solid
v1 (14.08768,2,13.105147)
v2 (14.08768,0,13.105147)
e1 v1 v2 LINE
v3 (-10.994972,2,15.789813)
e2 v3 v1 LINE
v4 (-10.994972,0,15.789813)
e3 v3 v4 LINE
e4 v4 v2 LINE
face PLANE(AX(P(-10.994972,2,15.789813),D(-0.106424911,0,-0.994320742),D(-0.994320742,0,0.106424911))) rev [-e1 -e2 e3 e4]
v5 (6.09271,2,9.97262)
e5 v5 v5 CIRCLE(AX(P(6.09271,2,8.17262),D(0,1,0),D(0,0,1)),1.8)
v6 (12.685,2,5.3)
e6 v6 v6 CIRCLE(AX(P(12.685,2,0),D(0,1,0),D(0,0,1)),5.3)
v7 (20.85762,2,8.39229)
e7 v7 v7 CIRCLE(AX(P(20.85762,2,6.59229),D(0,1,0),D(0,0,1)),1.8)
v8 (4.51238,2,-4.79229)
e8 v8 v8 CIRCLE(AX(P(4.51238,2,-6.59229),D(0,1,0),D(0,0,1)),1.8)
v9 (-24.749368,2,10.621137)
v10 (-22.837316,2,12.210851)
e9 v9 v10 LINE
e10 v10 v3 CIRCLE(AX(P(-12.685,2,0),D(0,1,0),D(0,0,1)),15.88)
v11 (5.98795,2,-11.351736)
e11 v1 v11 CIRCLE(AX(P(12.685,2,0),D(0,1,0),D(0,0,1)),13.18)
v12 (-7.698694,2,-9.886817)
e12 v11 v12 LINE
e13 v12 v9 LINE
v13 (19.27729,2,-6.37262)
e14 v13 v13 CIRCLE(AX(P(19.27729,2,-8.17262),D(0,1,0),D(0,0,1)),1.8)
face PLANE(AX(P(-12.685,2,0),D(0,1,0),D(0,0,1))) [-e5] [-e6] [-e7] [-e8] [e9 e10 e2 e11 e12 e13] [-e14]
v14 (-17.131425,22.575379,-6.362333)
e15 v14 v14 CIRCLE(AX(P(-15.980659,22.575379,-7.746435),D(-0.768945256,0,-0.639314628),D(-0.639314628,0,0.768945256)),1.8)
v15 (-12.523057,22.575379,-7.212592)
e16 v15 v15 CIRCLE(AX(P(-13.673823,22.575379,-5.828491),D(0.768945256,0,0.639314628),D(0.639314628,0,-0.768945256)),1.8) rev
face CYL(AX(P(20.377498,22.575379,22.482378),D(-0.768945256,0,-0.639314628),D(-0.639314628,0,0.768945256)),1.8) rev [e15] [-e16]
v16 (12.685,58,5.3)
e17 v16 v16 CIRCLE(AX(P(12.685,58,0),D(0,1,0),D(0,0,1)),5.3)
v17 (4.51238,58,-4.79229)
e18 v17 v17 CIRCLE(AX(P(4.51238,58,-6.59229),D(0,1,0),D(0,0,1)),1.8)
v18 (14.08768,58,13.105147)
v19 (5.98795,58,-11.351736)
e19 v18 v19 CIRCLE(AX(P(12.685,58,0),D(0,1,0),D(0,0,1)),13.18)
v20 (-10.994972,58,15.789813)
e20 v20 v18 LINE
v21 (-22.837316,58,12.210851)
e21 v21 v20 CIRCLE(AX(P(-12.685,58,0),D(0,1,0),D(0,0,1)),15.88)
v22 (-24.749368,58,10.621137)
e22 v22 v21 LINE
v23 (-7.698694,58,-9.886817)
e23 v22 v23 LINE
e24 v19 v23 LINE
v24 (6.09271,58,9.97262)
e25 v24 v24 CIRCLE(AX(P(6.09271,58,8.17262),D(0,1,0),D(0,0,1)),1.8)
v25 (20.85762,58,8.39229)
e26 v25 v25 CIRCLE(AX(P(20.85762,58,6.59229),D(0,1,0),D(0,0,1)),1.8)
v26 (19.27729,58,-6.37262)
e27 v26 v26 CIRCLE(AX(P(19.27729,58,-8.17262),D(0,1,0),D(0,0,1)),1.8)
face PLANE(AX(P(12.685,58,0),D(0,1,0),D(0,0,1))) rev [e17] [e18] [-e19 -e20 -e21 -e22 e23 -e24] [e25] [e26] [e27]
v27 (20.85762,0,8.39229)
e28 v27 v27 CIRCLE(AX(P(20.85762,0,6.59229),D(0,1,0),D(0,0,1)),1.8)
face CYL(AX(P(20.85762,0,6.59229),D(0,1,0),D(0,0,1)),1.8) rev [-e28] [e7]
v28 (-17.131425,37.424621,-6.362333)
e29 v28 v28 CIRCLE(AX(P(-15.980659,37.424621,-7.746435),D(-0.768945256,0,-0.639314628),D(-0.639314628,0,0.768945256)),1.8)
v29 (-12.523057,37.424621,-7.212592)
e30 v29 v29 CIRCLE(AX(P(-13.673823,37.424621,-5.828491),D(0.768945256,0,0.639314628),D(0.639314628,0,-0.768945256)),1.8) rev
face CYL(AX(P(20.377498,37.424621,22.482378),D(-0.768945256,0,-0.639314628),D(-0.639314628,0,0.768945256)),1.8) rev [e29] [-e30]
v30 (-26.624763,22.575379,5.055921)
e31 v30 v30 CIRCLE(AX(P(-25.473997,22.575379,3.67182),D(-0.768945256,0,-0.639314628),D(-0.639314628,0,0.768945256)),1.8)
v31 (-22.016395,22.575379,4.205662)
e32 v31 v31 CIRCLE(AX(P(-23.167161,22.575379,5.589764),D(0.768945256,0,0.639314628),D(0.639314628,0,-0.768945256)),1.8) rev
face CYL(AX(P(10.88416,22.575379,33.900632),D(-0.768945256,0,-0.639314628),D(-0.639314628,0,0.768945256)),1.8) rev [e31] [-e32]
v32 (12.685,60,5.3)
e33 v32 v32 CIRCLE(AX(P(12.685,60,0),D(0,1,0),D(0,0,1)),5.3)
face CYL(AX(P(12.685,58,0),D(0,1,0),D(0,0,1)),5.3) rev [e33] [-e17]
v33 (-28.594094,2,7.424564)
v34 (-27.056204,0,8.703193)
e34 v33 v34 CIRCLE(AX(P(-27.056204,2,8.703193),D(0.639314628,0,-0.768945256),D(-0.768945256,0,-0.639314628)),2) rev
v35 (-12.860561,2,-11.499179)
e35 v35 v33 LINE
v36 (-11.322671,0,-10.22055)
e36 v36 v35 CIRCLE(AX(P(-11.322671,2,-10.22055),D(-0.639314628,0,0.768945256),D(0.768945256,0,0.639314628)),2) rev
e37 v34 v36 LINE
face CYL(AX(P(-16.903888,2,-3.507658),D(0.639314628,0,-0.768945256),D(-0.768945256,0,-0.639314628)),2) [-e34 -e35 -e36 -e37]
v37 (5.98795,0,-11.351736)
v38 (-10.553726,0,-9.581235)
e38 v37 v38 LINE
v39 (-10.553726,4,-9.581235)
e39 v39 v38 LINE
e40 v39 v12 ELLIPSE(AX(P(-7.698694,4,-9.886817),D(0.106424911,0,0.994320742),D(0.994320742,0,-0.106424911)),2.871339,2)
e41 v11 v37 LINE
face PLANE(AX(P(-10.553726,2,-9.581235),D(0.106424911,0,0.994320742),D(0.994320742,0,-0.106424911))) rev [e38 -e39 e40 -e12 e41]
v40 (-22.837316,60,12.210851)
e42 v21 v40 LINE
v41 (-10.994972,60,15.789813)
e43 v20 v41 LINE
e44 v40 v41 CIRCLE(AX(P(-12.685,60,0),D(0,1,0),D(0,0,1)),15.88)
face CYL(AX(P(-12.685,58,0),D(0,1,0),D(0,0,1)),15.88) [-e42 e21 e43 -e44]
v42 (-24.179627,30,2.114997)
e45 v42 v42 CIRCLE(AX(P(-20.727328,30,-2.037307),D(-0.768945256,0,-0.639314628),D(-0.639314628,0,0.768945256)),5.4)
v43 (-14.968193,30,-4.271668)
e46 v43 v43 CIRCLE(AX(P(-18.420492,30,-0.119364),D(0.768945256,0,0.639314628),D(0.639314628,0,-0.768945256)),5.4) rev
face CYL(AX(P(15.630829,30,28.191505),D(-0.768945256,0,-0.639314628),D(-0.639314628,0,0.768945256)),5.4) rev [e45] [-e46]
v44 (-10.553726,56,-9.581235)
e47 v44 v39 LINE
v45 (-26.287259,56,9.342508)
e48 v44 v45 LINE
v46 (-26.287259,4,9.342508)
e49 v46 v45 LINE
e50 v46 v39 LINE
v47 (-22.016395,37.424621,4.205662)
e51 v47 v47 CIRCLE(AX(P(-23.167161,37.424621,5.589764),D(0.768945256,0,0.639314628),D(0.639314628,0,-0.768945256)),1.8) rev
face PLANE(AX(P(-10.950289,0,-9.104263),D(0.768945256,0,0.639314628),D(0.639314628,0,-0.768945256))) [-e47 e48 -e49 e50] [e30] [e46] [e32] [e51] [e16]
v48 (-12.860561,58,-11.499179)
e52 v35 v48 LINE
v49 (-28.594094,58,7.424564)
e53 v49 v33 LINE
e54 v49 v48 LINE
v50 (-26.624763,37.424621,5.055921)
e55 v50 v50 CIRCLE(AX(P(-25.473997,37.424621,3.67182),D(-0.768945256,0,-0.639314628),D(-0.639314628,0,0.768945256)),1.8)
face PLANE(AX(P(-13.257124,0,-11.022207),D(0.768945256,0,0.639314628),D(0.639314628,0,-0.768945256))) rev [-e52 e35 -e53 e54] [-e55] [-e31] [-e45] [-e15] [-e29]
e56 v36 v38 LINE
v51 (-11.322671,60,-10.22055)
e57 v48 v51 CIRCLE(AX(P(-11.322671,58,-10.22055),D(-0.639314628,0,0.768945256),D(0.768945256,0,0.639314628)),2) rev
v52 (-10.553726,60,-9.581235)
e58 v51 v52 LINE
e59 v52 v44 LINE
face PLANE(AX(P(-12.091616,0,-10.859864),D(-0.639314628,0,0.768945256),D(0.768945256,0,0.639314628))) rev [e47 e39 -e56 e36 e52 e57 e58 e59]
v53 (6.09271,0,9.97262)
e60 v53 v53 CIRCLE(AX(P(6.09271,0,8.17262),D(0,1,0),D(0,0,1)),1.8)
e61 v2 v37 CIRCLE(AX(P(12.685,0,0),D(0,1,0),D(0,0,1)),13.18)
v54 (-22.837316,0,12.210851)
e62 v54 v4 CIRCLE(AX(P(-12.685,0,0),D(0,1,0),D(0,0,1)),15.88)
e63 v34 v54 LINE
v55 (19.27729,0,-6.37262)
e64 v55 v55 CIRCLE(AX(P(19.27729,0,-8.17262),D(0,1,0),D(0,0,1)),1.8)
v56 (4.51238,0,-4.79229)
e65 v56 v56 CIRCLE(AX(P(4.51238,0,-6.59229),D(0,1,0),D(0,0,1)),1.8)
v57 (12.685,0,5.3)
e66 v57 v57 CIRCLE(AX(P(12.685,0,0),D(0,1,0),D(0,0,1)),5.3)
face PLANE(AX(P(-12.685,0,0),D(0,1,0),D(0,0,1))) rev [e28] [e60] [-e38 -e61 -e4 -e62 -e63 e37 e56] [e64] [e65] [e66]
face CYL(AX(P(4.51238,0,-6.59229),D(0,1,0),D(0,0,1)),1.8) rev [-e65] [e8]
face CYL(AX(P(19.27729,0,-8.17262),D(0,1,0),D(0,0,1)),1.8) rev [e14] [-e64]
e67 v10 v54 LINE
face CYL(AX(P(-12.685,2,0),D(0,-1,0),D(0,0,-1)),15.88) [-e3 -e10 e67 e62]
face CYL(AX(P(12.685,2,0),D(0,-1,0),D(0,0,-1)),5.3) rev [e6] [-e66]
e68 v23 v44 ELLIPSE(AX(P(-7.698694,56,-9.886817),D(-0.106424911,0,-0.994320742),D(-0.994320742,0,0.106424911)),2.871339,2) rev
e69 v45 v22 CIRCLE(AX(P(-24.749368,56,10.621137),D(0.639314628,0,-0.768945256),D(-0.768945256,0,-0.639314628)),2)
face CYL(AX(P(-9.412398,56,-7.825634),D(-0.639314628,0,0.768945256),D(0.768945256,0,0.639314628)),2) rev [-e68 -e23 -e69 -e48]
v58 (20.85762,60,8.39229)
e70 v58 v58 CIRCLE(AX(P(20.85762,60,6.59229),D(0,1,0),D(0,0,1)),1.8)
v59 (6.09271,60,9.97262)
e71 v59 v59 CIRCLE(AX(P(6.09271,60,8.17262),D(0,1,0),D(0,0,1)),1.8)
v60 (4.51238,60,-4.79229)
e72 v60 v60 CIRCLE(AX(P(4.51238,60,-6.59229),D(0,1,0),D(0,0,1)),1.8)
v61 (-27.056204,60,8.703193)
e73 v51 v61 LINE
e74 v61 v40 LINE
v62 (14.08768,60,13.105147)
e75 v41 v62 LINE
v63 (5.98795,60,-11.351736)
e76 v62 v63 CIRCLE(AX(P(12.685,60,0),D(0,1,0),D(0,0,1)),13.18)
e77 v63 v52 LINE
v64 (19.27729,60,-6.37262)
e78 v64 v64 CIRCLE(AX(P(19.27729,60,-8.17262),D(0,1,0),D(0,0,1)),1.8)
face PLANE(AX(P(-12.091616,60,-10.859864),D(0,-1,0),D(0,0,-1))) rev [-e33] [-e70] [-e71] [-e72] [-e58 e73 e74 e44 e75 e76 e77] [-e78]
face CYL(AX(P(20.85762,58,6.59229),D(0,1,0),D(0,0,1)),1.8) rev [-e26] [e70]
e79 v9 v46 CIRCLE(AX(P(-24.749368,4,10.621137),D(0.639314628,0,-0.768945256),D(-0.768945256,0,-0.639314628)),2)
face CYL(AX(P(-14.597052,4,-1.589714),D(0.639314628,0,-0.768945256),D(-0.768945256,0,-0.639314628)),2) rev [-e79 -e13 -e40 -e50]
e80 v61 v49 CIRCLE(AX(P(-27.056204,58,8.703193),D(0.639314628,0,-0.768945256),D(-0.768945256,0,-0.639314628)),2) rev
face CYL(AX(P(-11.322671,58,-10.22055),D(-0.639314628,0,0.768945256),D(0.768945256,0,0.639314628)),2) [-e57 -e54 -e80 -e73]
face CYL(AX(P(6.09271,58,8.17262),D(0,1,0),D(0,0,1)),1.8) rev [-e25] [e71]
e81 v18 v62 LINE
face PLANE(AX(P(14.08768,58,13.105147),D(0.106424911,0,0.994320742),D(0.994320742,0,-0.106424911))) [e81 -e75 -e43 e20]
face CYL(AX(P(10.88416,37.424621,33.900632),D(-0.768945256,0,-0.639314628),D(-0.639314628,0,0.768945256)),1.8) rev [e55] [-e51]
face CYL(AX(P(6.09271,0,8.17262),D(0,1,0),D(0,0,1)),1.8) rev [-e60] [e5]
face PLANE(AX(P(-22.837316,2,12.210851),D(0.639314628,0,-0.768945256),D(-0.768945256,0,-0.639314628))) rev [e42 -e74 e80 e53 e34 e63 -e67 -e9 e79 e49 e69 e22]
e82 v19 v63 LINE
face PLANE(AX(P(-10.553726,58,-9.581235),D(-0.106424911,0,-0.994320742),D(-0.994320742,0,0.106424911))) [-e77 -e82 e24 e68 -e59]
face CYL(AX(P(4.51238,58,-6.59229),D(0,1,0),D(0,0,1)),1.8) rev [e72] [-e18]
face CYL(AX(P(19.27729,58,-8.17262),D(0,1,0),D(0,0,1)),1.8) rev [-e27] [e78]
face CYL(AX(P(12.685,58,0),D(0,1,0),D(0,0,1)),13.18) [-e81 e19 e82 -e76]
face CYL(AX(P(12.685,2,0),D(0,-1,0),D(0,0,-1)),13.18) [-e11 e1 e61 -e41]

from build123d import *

# Parameters (mm, degrees)
CROQUIS1_R              = 5.3
SALIENTE_EXTRUIR1_DEPTH = 2
CROQUIS2_R              = 1.8
CORTAR_EXTRUIR1_DEPTH   = 2
CROQUIS3_W              = 24.61
CROQUIS3_H              = 60
SALIENTE_EXTRUIR2_DEPTH = 2
CROQUIS4_R              = 5.3
CROQUIS4_R_2            = 1.8
SALIENTE_EXTRUIR3_DEPTH = 2
CORTAR_EXTRUIR2_REACH   = 48.282
CROQUIS5_R              = 5.4
CROQUIS5_R_2            = 1.8
CROQUIS6_W              = 24.61
CROQUIS6_H              = 60
SALIENTE_EXTRUIR4_DEPTH = 1
CORTAR_EXTRUIR3_REACH   = 49.282
CROQUIS7_R              = 5.4
CROQUIS7_R_2            = 1.8
REDONDEO1_R             = 2


with BuildPart() as part:
    # Croquis1 → Saliente-Extruir1 (new body)
    with BuildSketch(Plane(origin=(0, 0, 0), x_dir=(1, 0, 0), z_dir=(0, 1, 0))):
        with BuildLine():
            Line((-10.994972408, -15.789813385), (14.087680331, -13.105147381))
            ThreePointArc((14.087680331, -13.105147381), (25.196689721, 4.143672323), (5.987949996, 11.351736486))
            Line((5.987949996, 11.351736486), (-10.55372573, 9.581234979))
            Line((-10.55372573, 9.581234979), (-26.287258722, -9.342507769))
            Line((-26.287258722, -9.342507769), (-22.837316291, -12.210850664))
            ThreePointArc((-22.837316291, -12.210850664), (-17.278998917, -15.200972796), (-10.994972408, -15.789813385))
        make_face()
        with Locations((12.685, 0)):
            Circle(CROQUIS1_R, mode=Mode.SUBTRACT)
    extrude(amount=SALIENTE_EXTRUIR1_DEPTH)

    # Croquis2 → Cortar-Extruir1 (cut)
    with BuildSketch(Plane(origin=(0, 2, 0), x_dir=(1, 0, 0), z_dir=(0, 1, 0))):
        with Locations((6.092709789, -8.172619517)):
            Circle(CROQUIS2_R)
        with Locations((20.857619517, -6.592290211)):
            Circle(CROQUIS2_R)
        with Locations((19.277290211, 8.172619517)):
            Circle(CROQUIS2_R)
        with Locations((4.512380483, 6.592290211)):
            Circle(CROQUIS2_R)
    extrude(amount=-CORTAR_EXTRUIR1_DEPTH, mode=Mode.SUBTRACT)

    # Croquis3 → Saliente-Extruir2 (add)
    with BuildSketch(Plane(origin=(-10.950288723, 0, -9.104262893), x_dir=(-0.639314628, 0, 0.768945256), z_dir=(-0.768945256, 0, -0.639314628))):
        with Locations((11.684706055, 30)):
            Rectangle(CROQUIS3_W, CROQUIS3_H)
    extrude(amount=SALIENTE_EXTRUIR2_DEPTH)

    # Croquis4 → Saliente-Extruir3 (add)
    with BuildSketch(Plane(origin=(0, 60, 0), x_dir=(1, 0, 0), z_dir=(0, 1, 0))):
        with BuildLine():
            Line((14.087680331, -13.105147381), (-10.994972408, -15.789813385))
            ThreePointArc((-10.994972408, -15.789813385), (-17.278998917, -15.200972796), (-22.837316291, -12.210850664))
            Line((-22.837316291, -12.210850664), (-26.287258722, -9.342507769))
            Line((-26.287258722, -9.342507769), (-10.55372573, 9.581234979))
            Line((-10.55372573, 9.581234979), (5.987949996, 11.351736486))
            ThreePointArc((5.987949996, 11.351736486), (25.196689721, 4.143672323), (14.087680331, -13.105147381))
        make_face()
        with Locations((12.685, 0)):
            Circle(CROQUIS4_R, mode=Mode.SUBTRACT)
        with Locations((4.512380483, 6.592290211)):
            Circle(CROQUIS4_R_2, mode=Mode.SUBTRACT)
        with Locations((19.277290211, 8.172619517)):
            Circle(CROQUIS4_R_2, mode=Mode.SUBTRACT)
        with Locations((20.857619517, -6.592290211)):
            Circle(CROQUIS4_R_2, mode=Mode.SUBTRACT)
        with Locations((6.092709789, -8.172619517)):
            Circle(CROQUIS4_R_2, mode=Mode.SUBTRACT)
    extrude(amount=-SALIENTE_EXTRUIR3_DEPTH)

    # Croquis5 → Cortar-Extruir2 (cut, up to next)
    with BuildSketch(Plane(origin=(-12.488179234, 0, -10.382892148), x_dir=(-0.639314628, 0, 0.768945256), z_dir=(-0.768945256, 0, -0.639314628)), mode=Mode.PRIVATE) as cortar_extruir2_sk1:
        with Locations((11.684706055, 30)):
            Circle(CROQUIS5_R)
    cortar_extruir2_tool1 = extrude(cortar_extruir2_sk1.sketch, amount=-CORTAR_EXTRUIR2_REACH, mode=Mode.PRIVATE) & part.part
    add(cortar_extruir2_tool1.solids().sort_by_distance((-19.958383, 30, -1.397993))[0], mode=Mode.SUBTRACT)
    # Croquis5 → Cortar-Extruir2 (cut, up to next)
    with BuildSketch(Plane(origin=(-12.488179234, 0, -10.382892148), x_dir=(-0.639314628, 0, 0.768945256), z_dir=(-0.768945256, 0, -0.639314628)), mode=Mode.PRIVATE) as cortar_extruir2_sk2:
        with Locations((19.109327257, 37.424621202)):
            Circle(CROQUIS5_R_2)
    cortar_extruir2_tool2 = extrude(cortar_extruir2_sk2.sketch, amount=-CORTAR_EXTRUIR2_REACH, mode=Mode.PRIVATE) & part.part
    add(cortar_extruir2_tool2.solids().sort_by_distance((-24.705052, 37.424621, 4.311134))[0], mode=Mode.SUBTRACT)
    # Croquis5 → Cortar-Extruir2 (cut, up to next)
    with BuildSketch(Plane(origin=(-12.488179234, 0, -10.382892148), x_dir=(-0.639314628, 0, 0.768945256), z_dir=(-0.768945256, 0, -0.639314628)), mode=Mode.PRIVATE) as cortar_extruir2_sk3:
        with Locations((19.109327257, 22.575378798)):
            Circle(CROQUIS5_R_2)
    cortar_extruir2_tool3 = extrude(cortar_extruir2_sk3.sketch, amount=-CORTAR_EXTRUIR2_REACH, mode=Mode.PRIVATE) & part.part
    add(cortar_extruir2_tool3.solids().sort_by_distance((-24.705052, 22.575379, 4.311134))[0], mode=Mode.SUBTRACT)
    # Croquis5 → Cortar-Extruir2 (cut, up to next)
    with BuildSketch(Plane(origin=(-12.488179234, 0, -10.382892148), x_dir=(-0.639314628, 0, 0.768945256), z_dir=(-0.768945256, 0, -0.639314628)), mode=Mode.PRIVATE) as cortar_extruir2_sk4:
        with Locations((4.260084852, 22.575378798)):
            Circle(CROQUIS5_R_2)
    cortar_extruir2_tool4 = extrude(cortar_extruir2_sk4.sketch, amount=-CORTAR_EXTRUIR2_REACH, mode=Mode.PRIVATE) & part.part
    add(cortar_extruir2_tool4.solids().sort_by_distance((-15.211714, 22.575379, -7.10712))[0], mode=Mode.SUBTRACT)
    # Croquis5 → Cortar-Extruir2 (cut, up to next)
    with BuildSketch(Plane(origin=(-12.488179234, 0, -10.382892148), x_dir=(-0.639314628, 0, 0.768945256), z_dir=(-0.768945256, 0, -0.639314628)), mode=Mode.PRIVATE) as cortar_extruir2_sk5:
        with Locations((4.260084852, 37.424621202)):
            Circle(CROQUIS5_R_2)
    cortar_extruir2_tool5 = extrude(cortar_extruir2_sk5.sketch, amount=-CORTAR_EXTRUIR2_REACH, mode=Mode.PRIVATE) & part.part
    add(cortar_extruir2_tool5.solids().sort_by_distance((-15.211714, 37.424621, -7.10712))[0], mode=Mode.SUBTRACT)

    # Croquis6 → Saliente-Extruir4 (add)
    with BuildSketch(Plane(origin=(-12.488179234, 0, -10.382892148), x_dir=(0.639314628, 0, -0.768945256), z_dir=(0.768945256, 0, 0.639314628))):
        with Locations((-11.684706055, 30)):
            Rectangle(CROQUIS6_W, CROQUIS6_H)
    extrude(amount=-SALIENTE_EXTRUIR4_DEPTH)

    # Croquis7 → Cortar-Extruir3 (cut, up to next)
    with BuildSketch(Plane(origin=(-13.25712449, 0, -11.022206776), x_dir=(-0.639314628, 0, 0.768945256), z_dir=(-0.768945256, 0, -0.639314628)), mode=Mode.PRIVATE) as cortar_extruir3_sk1:
        with Locations((11.684706055, 30)):
            Circle(CROQUIS7_R)
    cortar_extruir3_tool1 = extrude(cortar_extruir3_sk1.sketch, amount=-CORTAR_EXTRUIR3_REACH, mode=Mode.PRIVATE) & part.part
    add(cortar_extruir3_tool1.solids().sort_by_distance((-20.727328, 30, -2.037307))[0], mode=Mode.SUBTRACT)
    # Croquis7 → Cortar-Extruir3 (cut, up to next)
    with BuildSketch(Plane(origin=(-13.25712449, 0, -11.022206776), x_dir=(-0.639314628, 0, 0.768945256), z_dir=(-0.768945256, 0, -0.639314628)), mode=Mode.PRIVATE) as cortar_extruir3_sk2:
        with Locations((4.260084852, 37.424621202)):
            Circle(CROQUIS7_R_2)
    cortar_extruir3_tool2 = extrude(cortar_extruir3_sk2.sketch, amount=-CORTAR_EXTRUIR3_REACH, mode=Mode.PRIVATE) & part.part
    add(cortar_extruir3_tool2.solids().sort_by_distance((-15.980659, 37.424621, -7.746435))[0], mode=Mode.SUBTRACT)
    # Croquis7 → Cortar-Extruir3 (cut, up to next)
    with BuildSketch(Plane(origin=(-13.25712449, 0, -11.022206776), x_dir=(-0.639314628, 0, 0.768945256), z_dir=(-0.768945256, 0, -0.639314628)), mode=Mode.PRIVATE) as cortar_extruir3_sk3:
        with Locations((19.109327257, 37.424621202)):
            Circle(CROQUIS7_R_2)
    cortar_extruir3_tool3 = extrude(cortar_extruir3_sk3.sketch, amount=-CORTAR_EXTRUIR3_REACH, mode=Mode.PRIVATE) & part.part
    add(cortar_extruir3_tool3.solids().sort_by_distance((-25.473997, 37.424621, 3.67182))[0], mode=Mode.SUBTRACT)
    # Croquis7 → Cortar-Extruir3 (cut, up to next)
    with BuildSketch(Plane(origin=(-13.25712449, 0, -11.022206776), x_dir=(-0.639314628, 0, 0.768945256), z_dir=(-0.768945256, 0, -0.639314628)), mode=Mode.PRIVATE) as cortar_extruir3_sk4:
        with Locations((19.109327257, 22.575378798)):
            Circle(CROQUIS7_R_2)
    cortar_extruir3_tool4 = extrude(cortar_extruir3_sk4.sketch, amount=-CORTAR_EXTRUIR3_REACH, mode=Mode.PRIVATE) & part.part
    add(cortar_extruir3_tool4.solids().sort_by_distance((-25.473997, 22.575379, 3.67182))[0], mode=Mode.SUBTRACT)
    # Croquis7 → Cortar-Extruir3 (cut, up to next)
    with BuildSketch(Plane(origin=(-13.25712449, 0, -11.022206776), x_dir=(-0.639314628, 0, 0.768945256), z_dir=(-0.768945256, 0, -0.639314628)), mode=Mode.PRIVATE) as cortar_extruir3_sk5:
        with Locations((4.260084852, 22.575378798)):
            Circle(CROQUIS7_R_2)
    cortar_extruir3_tool5 = extrude(cortar_extruir3_sk5.sketch, amount=-CORTAR_EXTRUIR3_REACH, mode=Mode.PRIVATE) & part.part
    add(cortar_extruir3_tool5.solids().sort_by_distance((-15.980659, 22.575379, -7.746435))[0], mode=Mode.SUBTRACT)

    # Redondeo1
    redondeo1_edges = [part.edges().sort_by_distance(p)[0] for p in [
        (-20.727327994, 60, -2.037307489),
        (-18.420492226, 2, -0.119363605),
        (-18.420492226, 58, -0.119363605),
        (-20.727327994, 0, -2.037307489),
    ]]
    fillet(redondeo1_edges, radius=REDONDEO1_R)


solid = part.part
